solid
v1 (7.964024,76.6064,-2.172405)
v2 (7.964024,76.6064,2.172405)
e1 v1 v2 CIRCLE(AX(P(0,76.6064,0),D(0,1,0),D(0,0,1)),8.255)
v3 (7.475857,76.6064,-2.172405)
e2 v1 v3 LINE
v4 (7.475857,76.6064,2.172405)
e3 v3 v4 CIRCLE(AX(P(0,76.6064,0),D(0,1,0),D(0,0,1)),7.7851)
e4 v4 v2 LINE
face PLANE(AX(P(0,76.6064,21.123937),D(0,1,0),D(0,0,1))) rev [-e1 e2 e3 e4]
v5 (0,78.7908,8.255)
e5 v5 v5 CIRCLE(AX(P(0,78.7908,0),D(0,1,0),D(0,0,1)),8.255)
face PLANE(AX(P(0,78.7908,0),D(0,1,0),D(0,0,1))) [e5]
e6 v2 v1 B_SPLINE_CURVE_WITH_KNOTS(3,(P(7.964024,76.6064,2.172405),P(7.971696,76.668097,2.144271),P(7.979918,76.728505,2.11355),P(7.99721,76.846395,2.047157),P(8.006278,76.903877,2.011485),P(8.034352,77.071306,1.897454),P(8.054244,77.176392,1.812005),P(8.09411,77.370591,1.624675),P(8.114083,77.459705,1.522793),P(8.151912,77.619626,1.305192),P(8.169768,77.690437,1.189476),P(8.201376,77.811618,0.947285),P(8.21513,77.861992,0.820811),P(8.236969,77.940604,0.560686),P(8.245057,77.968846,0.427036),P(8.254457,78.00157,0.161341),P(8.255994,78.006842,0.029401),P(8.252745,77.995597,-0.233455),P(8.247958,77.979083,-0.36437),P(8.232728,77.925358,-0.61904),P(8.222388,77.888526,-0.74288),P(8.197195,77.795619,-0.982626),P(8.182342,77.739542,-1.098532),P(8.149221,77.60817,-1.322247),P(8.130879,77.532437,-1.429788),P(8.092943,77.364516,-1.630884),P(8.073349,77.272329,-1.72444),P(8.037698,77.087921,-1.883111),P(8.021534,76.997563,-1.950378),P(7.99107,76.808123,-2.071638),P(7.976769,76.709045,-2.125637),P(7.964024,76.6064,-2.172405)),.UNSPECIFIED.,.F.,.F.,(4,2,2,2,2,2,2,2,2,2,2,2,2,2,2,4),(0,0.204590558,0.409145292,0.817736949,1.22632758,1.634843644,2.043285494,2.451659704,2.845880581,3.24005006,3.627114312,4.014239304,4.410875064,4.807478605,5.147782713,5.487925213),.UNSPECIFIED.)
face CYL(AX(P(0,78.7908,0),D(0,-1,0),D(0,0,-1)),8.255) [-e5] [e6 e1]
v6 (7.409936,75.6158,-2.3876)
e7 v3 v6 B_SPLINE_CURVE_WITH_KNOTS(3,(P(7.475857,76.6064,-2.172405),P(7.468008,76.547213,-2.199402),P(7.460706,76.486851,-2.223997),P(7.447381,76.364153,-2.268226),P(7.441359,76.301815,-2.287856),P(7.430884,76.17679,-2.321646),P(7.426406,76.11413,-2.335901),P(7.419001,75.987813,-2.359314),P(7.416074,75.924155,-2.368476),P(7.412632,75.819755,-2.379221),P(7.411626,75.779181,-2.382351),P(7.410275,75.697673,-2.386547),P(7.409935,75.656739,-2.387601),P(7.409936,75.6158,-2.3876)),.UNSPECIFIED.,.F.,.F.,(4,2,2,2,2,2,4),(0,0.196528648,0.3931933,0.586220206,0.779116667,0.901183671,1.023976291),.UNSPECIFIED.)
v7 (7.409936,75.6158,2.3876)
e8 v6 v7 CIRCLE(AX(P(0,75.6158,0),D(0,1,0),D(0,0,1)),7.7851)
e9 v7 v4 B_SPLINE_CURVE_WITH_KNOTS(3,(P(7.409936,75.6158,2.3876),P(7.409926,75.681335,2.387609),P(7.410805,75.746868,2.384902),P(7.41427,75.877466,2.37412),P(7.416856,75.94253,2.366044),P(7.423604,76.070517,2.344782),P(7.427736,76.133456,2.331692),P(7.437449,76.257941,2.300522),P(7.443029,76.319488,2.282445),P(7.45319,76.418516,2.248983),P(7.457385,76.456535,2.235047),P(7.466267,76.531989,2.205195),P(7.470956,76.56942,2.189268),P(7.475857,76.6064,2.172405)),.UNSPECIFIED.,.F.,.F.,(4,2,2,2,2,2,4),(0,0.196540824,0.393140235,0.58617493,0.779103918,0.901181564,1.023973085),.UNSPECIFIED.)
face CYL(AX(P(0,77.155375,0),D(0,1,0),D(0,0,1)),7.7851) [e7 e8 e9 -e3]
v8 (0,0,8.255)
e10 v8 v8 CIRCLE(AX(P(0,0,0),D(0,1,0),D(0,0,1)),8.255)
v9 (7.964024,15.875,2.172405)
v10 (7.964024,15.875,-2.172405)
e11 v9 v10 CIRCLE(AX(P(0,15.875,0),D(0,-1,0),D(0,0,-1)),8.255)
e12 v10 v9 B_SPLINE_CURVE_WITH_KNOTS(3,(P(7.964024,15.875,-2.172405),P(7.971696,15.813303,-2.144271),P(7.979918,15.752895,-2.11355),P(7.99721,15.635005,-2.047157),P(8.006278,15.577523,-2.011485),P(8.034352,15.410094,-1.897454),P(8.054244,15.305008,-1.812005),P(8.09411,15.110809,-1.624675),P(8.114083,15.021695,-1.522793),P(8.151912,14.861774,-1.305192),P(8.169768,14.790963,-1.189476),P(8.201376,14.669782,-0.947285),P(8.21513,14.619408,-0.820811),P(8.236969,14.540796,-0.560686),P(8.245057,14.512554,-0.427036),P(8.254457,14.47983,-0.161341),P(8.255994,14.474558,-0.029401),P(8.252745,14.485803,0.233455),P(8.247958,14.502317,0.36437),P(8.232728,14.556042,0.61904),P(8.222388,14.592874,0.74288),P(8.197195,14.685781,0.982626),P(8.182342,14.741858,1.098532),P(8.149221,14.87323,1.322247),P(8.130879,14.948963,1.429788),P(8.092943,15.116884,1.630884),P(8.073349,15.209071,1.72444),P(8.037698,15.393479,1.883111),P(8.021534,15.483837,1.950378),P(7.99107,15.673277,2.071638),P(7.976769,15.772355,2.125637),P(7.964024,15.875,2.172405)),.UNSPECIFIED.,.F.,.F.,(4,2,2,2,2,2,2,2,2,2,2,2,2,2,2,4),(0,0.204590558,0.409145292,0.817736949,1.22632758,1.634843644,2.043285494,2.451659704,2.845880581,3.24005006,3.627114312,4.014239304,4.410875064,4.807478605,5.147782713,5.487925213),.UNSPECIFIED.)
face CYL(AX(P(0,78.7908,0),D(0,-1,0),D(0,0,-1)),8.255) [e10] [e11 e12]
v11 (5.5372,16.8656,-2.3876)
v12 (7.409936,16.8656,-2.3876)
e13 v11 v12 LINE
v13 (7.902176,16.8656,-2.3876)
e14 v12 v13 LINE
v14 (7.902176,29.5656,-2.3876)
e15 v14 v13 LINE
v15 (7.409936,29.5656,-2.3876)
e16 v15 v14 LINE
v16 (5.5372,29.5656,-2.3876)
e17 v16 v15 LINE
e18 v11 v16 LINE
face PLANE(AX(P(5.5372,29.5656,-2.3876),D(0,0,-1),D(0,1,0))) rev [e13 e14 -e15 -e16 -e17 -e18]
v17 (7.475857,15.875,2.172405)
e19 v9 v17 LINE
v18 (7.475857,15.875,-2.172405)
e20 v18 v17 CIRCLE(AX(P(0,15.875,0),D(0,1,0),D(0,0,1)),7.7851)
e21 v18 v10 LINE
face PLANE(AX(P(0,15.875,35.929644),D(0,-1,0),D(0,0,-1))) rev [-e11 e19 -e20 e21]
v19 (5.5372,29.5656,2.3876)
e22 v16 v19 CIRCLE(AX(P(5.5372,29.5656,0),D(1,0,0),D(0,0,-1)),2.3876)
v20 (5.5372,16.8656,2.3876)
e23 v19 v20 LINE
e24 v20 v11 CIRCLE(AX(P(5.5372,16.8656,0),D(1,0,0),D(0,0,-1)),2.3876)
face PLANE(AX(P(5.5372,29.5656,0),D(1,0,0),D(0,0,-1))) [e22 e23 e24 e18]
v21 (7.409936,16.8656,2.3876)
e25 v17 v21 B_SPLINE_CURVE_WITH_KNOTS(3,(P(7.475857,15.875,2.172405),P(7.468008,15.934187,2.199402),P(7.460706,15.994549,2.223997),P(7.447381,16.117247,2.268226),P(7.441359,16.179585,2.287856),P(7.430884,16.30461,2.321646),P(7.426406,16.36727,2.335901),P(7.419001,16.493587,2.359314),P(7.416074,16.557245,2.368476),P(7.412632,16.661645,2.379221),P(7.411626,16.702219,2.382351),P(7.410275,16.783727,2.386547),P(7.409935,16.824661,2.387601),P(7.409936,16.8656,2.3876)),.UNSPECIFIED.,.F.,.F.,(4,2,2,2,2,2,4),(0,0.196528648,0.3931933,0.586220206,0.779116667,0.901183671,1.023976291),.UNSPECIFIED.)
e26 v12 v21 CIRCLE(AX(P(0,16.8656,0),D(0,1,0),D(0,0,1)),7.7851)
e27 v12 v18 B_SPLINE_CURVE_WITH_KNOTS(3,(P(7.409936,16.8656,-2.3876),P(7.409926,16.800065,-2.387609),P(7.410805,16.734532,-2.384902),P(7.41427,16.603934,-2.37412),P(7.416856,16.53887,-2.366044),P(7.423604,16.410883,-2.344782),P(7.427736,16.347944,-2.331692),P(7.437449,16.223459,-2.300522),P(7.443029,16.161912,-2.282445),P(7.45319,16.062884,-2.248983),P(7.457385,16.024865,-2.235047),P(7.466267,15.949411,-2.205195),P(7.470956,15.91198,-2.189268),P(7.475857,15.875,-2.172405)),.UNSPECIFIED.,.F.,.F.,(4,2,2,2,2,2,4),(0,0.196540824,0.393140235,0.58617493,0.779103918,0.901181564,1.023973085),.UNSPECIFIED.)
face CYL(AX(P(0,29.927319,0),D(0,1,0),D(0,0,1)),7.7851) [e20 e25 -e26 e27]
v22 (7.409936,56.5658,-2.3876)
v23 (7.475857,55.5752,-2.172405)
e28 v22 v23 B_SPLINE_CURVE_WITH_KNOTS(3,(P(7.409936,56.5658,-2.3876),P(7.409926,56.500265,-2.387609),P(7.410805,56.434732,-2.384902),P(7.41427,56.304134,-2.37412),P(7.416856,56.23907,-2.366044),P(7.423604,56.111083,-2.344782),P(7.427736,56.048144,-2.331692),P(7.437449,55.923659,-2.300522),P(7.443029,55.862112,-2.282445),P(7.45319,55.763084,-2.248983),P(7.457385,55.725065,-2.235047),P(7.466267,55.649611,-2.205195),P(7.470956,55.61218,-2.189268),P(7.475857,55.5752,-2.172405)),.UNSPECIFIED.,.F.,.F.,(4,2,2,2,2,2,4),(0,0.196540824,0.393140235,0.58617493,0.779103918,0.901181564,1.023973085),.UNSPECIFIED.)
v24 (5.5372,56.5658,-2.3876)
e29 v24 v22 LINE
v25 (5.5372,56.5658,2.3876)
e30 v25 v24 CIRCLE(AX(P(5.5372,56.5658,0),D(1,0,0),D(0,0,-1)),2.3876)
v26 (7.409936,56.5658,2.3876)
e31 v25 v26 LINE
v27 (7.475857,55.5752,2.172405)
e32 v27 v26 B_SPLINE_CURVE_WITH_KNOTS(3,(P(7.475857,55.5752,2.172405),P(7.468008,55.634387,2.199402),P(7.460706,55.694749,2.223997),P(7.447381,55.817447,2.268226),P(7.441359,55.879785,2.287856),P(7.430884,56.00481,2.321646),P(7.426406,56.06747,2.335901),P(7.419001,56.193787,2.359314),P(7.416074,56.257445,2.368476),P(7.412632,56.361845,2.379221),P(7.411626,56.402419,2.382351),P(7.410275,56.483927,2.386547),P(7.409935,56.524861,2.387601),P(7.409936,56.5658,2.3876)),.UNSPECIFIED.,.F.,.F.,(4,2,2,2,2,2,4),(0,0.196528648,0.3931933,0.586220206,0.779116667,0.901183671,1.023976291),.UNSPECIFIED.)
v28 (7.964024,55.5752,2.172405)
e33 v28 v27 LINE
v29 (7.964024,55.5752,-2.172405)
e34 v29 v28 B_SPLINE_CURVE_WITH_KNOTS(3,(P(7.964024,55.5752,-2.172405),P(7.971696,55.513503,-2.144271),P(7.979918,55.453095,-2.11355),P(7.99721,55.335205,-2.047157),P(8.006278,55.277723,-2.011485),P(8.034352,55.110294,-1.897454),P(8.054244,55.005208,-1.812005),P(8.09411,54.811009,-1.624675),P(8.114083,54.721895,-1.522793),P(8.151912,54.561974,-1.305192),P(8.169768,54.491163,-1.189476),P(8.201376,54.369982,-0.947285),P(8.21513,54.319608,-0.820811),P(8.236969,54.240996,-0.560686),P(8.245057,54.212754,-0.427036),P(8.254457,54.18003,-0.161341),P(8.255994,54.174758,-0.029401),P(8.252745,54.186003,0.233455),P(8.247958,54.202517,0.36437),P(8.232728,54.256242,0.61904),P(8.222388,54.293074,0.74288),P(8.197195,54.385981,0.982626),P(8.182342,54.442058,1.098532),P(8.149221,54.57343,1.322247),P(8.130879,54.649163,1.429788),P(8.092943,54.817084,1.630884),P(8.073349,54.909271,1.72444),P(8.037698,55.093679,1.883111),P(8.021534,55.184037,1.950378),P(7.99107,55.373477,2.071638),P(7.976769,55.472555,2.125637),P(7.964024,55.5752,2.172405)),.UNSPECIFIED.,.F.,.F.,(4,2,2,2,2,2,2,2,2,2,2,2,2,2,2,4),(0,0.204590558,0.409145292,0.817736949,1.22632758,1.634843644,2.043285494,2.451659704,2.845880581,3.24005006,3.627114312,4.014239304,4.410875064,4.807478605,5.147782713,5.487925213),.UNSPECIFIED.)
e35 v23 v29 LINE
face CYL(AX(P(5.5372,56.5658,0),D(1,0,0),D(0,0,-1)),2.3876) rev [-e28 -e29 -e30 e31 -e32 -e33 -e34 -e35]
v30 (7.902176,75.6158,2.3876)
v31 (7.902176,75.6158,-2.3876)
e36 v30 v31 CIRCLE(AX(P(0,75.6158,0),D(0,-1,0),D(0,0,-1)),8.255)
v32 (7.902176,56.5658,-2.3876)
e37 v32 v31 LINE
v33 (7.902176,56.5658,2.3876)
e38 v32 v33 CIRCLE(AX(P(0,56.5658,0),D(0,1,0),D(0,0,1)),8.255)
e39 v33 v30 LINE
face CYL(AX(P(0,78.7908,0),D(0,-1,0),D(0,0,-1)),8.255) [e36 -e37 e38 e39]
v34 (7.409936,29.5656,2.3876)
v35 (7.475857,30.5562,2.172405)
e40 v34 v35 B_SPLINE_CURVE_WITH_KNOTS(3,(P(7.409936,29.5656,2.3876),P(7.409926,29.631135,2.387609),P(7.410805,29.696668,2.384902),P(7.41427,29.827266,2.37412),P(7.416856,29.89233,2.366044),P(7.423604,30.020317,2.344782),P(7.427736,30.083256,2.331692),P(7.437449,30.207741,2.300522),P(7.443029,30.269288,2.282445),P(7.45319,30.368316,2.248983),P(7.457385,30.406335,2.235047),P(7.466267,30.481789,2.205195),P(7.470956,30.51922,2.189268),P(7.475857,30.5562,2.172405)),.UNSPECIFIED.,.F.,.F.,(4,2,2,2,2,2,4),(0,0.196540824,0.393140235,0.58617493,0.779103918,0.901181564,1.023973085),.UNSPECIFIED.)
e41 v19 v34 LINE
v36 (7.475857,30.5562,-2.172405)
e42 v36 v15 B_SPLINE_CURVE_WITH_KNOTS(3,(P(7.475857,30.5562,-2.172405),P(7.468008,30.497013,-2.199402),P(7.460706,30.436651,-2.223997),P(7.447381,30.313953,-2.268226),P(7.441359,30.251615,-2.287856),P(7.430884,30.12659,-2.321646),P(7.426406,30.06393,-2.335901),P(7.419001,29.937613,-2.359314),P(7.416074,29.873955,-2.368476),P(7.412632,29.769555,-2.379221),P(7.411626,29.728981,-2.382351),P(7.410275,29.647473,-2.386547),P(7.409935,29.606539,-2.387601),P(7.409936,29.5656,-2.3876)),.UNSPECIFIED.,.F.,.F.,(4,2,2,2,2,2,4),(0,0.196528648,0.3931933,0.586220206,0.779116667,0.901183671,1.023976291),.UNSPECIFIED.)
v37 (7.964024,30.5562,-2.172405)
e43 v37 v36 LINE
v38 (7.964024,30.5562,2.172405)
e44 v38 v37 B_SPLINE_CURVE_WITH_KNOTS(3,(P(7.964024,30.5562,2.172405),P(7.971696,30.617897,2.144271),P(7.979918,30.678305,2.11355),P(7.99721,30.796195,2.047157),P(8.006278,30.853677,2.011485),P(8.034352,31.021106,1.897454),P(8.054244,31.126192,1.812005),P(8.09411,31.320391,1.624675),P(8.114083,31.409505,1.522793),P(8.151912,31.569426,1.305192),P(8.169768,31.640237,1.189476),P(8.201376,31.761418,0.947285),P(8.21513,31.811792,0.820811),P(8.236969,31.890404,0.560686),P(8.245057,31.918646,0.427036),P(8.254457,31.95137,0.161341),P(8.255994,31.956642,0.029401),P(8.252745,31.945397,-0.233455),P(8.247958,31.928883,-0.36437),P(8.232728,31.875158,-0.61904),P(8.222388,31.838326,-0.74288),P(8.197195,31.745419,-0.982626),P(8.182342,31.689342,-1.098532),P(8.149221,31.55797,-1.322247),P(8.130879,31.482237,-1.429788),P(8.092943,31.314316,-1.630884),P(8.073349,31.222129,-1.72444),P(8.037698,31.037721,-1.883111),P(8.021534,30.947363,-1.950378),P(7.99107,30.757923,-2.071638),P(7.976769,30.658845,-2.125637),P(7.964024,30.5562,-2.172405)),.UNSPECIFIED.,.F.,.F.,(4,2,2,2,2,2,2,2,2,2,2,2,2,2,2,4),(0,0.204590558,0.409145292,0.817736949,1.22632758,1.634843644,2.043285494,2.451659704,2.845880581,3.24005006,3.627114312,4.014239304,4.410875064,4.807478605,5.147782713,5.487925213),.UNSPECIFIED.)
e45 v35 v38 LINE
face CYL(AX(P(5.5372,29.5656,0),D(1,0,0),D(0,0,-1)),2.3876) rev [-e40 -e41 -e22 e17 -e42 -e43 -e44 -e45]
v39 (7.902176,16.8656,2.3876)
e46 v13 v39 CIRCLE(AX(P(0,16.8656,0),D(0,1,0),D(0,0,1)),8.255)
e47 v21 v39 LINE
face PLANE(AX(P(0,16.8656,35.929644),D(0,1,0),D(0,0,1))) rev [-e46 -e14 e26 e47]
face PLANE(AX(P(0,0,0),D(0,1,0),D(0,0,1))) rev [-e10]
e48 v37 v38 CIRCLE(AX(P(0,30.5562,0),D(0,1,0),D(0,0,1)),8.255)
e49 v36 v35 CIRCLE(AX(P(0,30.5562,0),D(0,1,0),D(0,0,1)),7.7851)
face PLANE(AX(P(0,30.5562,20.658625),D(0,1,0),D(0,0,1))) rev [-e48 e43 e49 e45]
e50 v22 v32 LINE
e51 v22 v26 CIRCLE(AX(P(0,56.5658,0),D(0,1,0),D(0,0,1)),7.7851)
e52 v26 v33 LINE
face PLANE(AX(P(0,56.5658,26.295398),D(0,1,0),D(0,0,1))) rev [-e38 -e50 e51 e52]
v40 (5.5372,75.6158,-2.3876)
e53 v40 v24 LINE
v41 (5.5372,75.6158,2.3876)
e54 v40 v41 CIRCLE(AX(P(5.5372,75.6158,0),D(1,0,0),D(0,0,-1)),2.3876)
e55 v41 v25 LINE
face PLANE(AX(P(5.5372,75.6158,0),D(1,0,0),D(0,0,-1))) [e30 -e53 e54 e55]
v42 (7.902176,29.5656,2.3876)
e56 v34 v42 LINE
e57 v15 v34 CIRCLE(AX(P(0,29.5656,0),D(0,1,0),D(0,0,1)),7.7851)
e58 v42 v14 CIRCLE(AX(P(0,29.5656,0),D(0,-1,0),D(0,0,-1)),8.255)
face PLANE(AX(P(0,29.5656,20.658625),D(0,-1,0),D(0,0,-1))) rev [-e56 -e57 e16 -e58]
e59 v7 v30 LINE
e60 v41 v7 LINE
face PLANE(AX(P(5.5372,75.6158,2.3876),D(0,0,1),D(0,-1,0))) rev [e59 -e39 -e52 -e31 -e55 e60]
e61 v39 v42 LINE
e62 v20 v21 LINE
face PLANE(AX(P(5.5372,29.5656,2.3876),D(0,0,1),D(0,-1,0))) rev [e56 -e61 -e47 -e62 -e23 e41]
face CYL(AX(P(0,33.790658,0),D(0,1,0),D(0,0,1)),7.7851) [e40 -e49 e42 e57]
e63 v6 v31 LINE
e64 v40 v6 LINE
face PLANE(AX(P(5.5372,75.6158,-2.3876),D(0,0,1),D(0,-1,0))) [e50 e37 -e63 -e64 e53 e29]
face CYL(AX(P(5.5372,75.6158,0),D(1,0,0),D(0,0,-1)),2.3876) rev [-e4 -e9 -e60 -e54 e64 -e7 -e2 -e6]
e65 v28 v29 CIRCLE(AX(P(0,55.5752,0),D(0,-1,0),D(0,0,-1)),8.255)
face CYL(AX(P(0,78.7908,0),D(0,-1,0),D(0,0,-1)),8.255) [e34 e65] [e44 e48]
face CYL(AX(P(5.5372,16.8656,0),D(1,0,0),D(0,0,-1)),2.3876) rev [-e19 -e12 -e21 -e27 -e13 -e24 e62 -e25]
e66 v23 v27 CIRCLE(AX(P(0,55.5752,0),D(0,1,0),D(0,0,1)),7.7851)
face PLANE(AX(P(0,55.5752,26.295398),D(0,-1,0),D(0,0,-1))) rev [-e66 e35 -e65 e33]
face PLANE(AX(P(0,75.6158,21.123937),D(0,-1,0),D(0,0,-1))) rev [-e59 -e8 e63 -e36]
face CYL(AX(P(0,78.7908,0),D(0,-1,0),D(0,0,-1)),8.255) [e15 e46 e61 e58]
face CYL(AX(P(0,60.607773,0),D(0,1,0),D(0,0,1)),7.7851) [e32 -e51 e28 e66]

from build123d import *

# Parameters (mm, degrees)
SKETCH1_R           = 8.255
BOSS_EXTRUDE1_DEPTH = 78.7908
SKETCH3_W           = 28.144543877
SKETCH3_H           = 0.9906
SKETCH4_W           = 12.873525148
SKETCH4_H           = 0.9906
SKETCH5_W           = 18.510298187
SKETCH5_H           = 0.9906
SKETCH6_W           = 13.338836726
SKETCH6_H           = 0.9906
CUT_EXTRUDE2_DEPTH  = 2.7432
CUT_EXTRUDE3_DEPTH  = 2.7432


with BuildPart() as part:
    # Sketch1 → Boss-Extrude1 (new body)
    with BuildSketch(Plane(origin=(0, 0, 0), x_dir=(1, 0, 0), z_dir=(0, 1, 0))):
        Circle(SKETCH1_R)
    extrude(amount=BOSS_EXTRUDE1_DEPTH)

    # Sketch3 → Cut-Revolve1 (revolve, cut)
    with BuildSketch(Plane(origin=(0, 0, 0), x_dir=(0, 0, -1), z_dir=(1, 0, 0))):
        with Locations((-21.857371939, 16.3703)):
            Rectangle(SKETCH3_W, SKETCH3_H)
    revolve(axis=Axis((0, 29.927318778, 0), (0, -1, 0)), mode=Mode.SUBTRACT)

    # Sketch4 → Cut-Revolve2 (revolve, cut)
    with BuildSketch(Plane(origin=(0, 0, 0), x_dir=(0, 0, -1), z_dir=(1, 0, 0))):
        with Locations((-14.221862574, 30.0609)):
            Rectangle(SKETCH4_W, SKETCH4_H)
    revolve(axis=Axis((0, 33.790657772, 0), (0, -1, 0)), mode=Mode.SUBTRACT)

    # Sketch5 → Cut-Revolve3 (revolve, cut)
    with BuildSketch(Plane(origin=(0, 0, 0), x_dir=(0, 0, -1), z_dir=(1, 0, 0))):
        with Locations((-17.040249094, 56.0705)):
            Rectangle(SKETCH5_W, SKETCH5_H)
    revolve(axis=Axis((0, 60.607773061, 0), (0, -1, 0)), mode=Mode.SUBTRACT)

    # Sketch6 → Cut-Revolve4 (revolve, cut)
    with BuildSketch(Plane(origin=(0, 0, 0), x_dir=(0, 0, -1), z_dir=(1, 0, 0))):
        with Locations((-14.454518363, 76.1111)):
            Rectangle(SKETCH6_W, SKETCH6_H)
    revolve(axis=Axis((0, 77.155375287, 0), (0, -1, 0)), mode=Mode.SUBTRACT)

    # Sketch7 → Cut-Extrude2 (cut)
    with BuildSketch(Plane(origin=(8.2804, 0, 0), x_dir=(0, 0, -1), z_dir=(1, 0, 0))):
        with BuildLine():
            Line((2.3876, 75.6158), (2.3876, 56.5658))
            ThreePointArc((2.3876, 56.5658), (0, 54.1782), (-2.3876, 56.5658))
            Line((-2.3876, 56.5658), (-2.3876, 75.6158))
            ThreePointArc((-2.3876, 75.6158), (0, 78.0034), (2.3876, 75.6158))
        make_face()
    extrude(amount=-CUT_EXTRUDE2_DEPTH, mode=Mode.SUBTRACT)

    # Sketch8 → Cut-Extrude3 (cut)
    with BuildSketch(Plane(origin=(8.2804, 0, 0), x_dir=(0, 0, -1), z_dir=(1, 0, 0))):
        with BuildLine():
            Line((2.3876, 29.5656), (2.3876, 16.8656))
            ThreePointArc((2.3876, 16.8656), (0, 14.478), (-2.3876, 16.8656))
            Line((-2.3876, 16.8656), (-2.3876, 29.5656))
            ThreePointArc((-2.3876, 29.5656), (0, 31.9532), (2.3876, 29.5656))
        make_face()
    extrude(amount=-CUT_EXTRUDE3_DEPTH, mode=Mode.SUBTRACT)


solid = part.part
